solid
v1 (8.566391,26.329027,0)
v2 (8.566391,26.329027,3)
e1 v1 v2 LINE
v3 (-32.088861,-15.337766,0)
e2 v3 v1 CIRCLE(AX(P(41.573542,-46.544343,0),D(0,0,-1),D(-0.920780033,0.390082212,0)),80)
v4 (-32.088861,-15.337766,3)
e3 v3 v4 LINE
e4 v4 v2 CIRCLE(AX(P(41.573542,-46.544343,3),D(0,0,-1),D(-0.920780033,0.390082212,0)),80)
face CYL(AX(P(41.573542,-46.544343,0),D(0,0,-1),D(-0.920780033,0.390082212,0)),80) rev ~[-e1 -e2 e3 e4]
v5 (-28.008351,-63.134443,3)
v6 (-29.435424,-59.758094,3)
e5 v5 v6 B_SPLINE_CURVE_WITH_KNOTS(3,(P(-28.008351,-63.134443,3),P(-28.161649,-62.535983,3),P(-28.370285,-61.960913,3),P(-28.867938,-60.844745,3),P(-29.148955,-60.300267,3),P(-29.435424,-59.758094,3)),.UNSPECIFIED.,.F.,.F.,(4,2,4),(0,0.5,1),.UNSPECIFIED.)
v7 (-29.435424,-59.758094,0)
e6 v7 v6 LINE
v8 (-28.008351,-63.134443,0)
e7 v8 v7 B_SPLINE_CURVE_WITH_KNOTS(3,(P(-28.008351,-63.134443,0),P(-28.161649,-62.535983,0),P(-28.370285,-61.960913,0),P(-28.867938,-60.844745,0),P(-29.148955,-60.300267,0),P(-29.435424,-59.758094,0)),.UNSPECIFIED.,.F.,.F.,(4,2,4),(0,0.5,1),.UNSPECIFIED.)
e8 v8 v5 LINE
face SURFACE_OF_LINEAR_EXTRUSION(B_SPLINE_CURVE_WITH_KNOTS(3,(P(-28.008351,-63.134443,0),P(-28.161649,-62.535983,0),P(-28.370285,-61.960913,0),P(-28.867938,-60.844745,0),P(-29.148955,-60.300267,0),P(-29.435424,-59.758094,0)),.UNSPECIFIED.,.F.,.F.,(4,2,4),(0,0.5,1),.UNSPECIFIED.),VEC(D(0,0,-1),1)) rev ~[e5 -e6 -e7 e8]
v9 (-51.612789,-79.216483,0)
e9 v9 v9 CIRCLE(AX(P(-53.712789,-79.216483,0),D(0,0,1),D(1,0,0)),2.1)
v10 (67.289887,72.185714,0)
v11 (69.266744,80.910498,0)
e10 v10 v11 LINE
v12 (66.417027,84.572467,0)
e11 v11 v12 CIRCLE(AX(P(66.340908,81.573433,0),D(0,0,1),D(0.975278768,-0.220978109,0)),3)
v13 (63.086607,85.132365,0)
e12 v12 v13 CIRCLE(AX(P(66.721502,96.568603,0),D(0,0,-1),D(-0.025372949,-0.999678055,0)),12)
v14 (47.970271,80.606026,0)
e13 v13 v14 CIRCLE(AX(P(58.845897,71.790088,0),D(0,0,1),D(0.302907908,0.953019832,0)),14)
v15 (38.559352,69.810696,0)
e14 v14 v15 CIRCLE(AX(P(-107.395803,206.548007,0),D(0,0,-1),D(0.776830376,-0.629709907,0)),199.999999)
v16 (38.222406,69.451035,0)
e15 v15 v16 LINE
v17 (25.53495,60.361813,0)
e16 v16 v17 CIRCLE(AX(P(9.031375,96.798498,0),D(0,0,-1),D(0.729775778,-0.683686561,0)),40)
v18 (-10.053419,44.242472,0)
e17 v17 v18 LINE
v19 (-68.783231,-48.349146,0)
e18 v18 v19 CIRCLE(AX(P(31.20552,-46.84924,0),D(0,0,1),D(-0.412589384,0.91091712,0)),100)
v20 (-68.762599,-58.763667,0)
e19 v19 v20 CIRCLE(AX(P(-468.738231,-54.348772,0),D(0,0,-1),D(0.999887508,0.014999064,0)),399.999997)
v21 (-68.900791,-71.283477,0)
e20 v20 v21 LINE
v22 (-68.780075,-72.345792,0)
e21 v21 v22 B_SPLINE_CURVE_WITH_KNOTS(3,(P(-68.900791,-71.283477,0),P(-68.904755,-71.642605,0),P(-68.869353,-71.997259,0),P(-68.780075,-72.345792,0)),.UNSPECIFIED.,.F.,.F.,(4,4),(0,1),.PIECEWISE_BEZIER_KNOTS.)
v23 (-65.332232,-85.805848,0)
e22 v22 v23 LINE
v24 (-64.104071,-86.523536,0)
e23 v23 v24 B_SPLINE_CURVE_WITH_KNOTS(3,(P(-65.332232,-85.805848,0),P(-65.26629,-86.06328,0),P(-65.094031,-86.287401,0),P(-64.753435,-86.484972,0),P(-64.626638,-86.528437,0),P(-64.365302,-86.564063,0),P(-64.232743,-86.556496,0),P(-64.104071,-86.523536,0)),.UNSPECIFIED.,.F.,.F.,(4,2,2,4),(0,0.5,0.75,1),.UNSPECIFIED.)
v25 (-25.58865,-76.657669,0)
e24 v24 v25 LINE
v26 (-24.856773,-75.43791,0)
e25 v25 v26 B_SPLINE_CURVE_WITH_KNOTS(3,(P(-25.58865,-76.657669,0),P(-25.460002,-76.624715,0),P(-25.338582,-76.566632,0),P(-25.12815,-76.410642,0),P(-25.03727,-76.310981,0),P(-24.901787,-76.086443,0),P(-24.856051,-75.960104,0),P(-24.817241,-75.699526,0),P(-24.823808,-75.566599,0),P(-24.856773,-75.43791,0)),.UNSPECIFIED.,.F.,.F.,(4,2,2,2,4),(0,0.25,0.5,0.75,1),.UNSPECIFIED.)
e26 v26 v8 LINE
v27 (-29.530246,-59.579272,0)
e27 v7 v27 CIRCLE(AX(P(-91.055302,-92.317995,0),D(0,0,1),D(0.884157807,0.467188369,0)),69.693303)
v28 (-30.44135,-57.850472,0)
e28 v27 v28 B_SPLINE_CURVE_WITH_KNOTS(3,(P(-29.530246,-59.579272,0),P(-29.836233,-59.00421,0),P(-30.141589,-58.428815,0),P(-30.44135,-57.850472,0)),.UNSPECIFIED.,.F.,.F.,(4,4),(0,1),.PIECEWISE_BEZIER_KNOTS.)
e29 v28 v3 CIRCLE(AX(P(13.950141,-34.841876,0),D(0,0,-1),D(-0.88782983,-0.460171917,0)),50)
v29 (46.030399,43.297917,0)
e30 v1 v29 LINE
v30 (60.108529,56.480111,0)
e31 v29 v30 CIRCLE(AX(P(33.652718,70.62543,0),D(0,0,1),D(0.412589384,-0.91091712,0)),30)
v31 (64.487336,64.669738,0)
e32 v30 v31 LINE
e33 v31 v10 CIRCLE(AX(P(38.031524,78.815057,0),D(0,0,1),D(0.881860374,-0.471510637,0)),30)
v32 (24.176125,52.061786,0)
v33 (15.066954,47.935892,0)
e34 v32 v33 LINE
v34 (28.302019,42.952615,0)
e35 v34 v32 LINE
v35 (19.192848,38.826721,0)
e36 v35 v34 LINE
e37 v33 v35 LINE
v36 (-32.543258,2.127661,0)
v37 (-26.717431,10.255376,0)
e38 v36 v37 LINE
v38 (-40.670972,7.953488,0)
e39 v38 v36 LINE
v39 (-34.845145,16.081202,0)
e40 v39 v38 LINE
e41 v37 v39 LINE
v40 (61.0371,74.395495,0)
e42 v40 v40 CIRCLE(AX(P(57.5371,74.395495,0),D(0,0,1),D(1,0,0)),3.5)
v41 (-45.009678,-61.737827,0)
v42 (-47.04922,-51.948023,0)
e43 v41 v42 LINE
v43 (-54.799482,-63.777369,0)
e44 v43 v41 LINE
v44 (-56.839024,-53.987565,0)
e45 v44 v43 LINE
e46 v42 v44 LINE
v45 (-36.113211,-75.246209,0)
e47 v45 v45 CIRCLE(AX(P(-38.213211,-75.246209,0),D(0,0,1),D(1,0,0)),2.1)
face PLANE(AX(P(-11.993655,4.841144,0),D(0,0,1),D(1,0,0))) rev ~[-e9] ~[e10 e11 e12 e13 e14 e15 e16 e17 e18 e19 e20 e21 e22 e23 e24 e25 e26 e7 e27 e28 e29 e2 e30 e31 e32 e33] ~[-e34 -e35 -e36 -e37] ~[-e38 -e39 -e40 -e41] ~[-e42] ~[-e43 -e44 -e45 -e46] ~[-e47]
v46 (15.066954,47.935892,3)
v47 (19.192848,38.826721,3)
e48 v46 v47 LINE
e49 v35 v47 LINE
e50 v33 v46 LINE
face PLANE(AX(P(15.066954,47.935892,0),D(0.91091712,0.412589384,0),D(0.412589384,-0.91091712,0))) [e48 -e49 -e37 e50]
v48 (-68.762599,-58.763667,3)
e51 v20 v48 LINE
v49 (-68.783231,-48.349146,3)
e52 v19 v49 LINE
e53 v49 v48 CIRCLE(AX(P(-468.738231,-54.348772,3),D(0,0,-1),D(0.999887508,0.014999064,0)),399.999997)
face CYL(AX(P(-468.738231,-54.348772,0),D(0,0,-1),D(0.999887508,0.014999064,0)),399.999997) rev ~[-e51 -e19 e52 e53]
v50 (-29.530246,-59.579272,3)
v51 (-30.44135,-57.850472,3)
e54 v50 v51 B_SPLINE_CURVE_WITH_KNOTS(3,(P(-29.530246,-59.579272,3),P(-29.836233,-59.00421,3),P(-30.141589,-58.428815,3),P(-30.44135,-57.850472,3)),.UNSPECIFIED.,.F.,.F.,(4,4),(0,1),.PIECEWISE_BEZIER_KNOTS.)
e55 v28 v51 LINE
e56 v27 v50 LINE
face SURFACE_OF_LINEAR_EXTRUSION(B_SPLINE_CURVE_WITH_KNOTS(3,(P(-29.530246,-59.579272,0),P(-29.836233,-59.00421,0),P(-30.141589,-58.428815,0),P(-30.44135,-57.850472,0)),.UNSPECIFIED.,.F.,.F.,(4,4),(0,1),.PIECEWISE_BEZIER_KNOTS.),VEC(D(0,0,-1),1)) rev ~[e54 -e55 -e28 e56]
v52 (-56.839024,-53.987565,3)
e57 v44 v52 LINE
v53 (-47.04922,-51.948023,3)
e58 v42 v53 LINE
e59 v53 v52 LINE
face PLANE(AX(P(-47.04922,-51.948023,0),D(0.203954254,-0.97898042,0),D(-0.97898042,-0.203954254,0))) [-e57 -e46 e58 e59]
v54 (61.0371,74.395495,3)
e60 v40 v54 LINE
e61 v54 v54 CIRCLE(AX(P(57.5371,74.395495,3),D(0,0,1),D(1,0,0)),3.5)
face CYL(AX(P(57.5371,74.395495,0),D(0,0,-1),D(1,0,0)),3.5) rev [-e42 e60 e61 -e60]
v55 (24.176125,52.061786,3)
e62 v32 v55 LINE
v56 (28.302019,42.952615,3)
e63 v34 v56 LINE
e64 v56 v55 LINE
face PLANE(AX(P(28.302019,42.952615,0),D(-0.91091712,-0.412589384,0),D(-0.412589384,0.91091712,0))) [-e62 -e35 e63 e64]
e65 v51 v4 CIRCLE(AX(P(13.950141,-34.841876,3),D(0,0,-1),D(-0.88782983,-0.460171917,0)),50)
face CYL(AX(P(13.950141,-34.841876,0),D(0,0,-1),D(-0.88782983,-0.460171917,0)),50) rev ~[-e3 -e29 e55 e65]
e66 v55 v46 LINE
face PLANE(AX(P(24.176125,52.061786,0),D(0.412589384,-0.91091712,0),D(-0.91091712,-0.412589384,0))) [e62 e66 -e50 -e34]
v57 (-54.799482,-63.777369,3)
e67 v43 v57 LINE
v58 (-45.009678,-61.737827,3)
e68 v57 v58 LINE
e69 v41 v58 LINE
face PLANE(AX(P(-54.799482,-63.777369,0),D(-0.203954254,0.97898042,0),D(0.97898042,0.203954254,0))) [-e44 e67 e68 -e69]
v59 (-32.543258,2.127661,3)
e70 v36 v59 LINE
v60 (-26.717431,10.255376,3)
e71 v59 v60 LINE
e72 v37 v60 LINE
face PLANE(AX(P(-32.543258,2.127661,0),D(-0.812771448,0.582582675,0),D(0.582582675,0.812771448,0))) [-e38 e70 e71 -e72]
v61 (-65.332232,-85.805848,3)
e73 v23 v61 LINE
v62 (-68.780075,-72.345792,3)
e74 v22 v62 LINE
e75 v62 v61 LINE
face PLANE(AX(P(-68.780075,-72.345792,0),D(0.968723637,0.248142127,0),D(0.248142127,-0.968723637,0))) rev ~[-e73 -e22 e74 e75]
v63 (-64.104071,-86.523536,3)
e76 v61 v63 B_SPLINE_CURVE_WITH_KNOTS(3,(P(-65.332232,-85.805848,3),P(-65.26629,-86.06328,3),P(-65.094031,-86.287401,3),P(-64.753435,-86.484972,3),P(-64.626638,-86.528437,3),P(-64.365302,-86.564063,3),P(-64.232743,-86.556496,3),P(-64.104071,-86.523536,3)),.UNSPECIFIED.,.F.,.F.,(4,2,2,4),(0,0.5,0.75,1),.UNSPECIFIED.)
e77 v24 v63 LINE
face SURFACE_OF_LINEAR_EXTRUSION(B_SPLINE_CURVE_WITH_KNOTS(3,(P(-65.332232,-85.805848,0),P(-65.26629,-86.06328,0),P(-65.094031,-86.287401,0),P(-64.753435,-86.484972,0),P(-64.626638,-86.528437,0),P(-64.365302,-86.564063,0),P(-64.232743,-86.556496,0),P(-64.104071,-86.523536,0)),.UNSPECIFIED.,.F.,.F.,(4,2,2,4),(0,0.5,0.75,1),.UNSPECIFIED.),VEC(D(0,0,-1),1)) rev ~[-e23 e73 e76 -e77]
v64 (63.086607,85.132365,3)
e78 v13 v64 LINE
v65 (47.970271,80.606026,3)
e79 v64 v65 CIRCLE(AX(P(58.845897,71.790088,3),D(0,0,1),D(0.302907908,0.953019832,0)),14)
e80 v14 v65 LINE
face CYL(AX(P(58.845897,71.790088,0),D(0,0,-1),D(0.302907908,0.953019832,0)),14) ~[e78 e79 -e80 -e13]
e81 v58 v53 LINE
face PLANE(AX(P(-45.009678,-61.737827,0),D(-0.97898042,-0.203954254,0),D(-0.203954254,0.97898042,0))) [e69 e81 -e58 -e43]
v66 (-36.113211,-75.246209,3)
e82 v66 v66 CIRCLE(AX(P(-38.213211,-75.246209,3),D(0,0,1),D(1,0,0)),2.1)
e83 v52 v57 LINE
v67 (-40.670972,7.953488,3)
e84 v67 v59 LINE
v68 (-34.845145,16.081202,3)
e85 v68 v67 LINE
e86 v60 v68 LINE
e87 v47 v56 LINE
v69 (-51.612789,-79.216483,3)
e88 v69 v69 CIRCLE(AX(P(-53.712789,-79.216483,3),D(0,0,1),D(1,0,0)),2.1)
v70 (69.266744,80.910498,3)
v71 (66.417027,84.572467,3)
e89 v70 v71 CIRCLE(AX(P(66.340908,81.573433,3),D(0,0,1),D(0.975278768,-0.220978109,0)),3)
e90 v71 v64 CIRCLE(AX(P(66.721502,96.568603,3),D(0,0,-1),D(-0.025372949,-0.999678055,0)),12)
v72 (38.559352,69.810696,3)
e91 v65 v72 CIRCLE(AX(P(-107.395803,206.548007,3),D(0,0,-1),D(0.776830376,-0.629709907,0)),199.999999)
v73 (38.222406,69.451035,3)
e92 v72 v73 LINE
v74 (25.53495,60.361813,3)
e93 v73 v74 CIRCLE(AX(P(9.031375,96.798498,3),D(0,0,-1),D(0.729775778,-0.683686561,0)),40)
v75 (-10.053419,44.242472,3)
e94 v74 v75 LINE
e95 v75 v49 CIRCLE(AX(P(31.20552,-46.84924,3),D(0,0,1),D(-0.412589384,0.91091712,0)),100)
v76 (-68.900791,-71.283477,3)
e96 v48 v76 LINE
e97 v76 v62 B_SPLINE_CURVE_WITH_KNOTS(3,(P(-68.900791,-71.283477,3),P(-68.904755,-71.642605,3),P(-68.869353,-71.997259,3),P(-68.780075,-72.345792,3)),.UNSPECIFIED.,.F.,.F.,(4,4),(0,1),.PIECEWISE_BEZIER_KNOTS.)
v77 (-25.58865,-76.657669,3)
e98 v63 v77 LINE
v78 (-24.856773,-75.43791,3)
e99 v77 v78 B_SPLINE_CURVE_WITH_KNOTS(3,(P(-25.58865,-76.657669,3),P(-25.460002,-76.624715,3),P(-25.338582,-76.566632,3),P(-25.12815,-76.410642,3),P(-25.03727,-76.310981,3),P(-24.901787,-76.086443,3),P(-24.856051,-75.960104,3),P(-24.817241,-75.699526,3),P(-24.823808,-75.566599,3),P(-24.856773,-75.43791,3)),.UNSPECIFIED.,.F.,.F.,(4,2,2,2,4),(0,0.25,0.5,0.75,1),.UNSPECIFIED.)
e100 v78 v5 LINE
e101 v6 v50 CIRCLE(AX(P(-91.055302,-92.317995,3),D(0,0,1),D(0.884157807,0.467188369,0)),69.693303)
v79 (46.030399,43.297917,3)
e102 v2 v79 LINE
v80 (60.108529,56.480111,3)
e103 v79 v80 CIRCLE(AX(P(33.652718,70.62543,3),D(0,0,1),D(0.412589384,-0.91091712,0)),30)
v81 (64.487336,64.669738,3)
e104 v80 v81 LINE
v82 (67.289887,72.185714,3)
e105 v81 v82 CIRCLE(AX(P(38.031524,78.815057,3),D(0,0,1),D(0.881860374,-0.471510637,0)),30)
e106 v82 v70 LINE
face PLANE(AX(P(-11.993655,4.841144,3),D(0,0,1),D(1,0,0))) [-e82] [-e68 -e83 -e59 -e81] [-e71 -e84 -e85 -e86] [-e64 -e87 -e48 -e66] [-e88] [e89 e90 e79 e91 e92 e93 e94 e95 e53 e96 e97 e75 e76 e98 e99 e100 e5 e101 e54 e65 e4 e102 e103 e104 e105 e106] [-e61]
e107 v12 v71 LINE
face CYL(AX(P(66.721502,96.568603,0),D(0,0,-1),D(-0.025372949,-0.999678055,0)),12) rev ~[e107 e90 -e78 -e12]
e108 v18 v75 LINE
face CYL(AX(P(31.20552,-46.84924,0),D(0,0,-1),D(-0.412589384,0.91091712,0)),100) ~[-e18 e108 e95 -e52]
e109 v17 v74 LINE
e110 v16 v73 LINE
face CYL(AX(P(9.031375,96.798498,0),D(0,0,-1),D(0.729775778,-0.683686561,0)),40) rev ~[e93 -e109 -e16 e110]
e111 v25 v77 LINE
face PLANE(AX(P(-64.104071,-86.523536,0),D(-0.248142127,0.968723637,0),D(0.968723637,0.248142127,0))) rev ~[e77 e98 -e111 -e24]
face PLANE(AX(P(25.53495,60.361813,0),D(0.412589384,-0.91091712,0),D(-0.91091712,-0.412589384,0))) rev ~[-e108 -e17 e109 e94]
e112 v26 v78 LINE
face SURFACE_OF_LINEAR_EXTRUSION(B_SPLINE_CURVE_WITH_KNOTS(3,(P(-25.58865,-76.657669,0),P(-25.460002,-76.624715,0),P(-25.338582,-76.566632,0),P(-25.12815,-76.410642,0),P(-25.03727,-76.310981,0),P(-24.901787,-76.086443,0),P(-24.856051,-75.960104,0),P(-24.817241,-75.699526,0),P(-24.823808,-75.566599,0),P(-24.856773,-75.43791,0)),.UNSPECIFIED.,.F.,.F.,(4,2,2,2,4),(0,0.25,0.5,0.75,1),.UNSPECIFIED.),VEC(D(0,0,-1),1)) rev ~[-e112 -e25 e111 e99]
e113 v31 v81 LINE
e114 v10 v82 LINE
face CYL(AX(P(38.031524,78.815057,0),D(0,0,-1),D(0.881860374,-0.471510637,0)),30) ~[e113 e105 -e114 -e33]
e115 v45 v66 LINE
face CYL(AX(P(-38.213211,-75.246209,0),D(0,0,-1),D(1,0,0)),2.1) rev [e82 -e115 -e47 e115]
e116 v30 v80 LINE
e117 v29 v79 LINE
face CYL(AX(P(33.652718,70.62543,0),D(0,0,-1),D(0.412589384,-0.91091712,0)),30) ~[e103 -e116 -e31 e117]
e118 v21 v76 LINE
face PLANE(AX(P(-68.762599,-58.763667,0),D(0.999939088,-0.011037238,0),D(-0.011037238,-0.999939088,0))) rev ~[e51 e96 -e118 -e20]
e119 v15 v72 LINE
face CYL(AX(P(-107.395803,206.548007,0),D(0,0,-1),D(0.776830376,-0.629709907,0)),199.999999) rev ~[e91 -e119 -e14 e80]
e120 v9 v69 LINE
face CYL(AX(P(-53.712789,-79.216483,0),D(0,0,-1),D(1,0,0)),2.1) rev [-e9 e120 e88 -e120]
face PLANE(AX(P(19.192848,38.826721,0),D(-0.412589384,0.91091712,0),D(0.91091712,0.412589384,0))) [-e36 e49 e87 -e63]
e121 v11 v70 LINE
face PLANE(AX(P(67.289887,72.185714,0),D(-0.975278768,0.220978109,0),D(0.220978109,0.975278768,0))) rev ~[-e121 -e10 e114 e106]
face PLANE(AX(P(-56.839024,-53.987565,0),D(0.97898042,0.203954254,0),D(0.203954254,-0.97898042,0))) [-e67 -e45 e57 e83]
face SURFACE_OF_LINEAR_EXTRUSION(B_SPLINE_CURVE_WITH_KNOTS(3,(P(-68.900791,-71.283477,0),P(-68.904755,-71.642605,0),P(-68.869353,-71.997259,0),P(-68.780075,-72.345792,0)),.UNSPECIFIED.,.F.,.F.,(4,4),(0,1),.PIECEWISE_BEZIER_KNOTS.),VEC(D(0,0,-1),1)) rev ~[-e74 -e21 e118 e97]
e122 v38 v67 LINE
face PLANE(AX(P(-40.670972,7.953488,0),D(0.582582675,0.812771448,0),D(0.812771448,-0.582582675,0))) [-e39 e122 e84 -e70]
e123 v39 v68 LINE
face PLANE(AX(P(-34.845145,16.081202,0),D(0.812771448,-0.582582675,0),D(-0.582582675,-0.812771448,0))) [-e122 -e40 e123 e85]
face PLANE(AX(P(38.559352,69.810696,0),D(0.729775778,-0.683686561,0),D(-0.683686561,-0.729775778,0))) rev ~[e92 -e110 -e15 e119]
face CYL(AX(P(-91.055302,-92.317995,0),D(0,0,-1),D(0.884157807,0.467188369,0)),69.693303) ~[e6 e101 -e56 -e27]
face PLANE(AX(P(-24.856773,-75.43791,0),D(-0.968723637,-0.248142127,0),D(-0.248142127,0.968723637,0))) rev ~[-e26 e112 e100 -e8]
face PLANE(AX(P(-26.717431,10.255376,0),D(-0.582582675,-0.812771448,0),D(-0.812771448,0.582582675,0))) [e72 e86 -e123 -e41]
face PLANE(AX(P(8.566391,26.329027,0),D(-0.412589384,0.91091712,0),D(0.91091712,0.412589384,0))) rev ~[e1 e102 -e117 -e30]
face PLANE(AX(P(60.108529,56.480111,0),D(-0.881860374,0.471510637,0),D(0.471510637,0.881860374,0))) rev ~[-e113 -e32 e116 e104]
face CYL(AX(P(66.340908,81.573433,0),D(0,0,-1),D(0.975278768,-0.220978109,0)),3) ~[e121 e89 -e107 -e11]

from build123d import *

# Parameters (mm, degrees)
SKETCH_1_R      = 2.1
SKETCH_1_R_2    = 3.5
EXTRUDE_2_DEPTH = 3


with BuildPart() as part:
    # 草图1 → 凸台-拉伸2 (new body)
    with BuildSketch(Plane.XY):
        with BuildLine():
            Line((60.108529062, 56.480111122), (64.487335669, 64.669737676))
            ThreePointArc((64.487335669, 64.669737676), (66.140949497, 68.333634007), (67.289887488, 72.185713512))
            Line((67.289887488, 72.185713512), (69.266744251, 80.910498231))
            ThreePointArc((69.266744251, 80.910498231), (68.708488356, 83.415866549), (66.417026795, 84.572466723))
            ThreePointArc((66.417026795, 84.572466723), (64.732022053, 84.734670443), (63.08660729, 85.132365403))
            ThreePointArc((63.08660729, 85.132365403), (54.829995833, 85.201744676), (47.970271321, 80.606026467))
            ThreePointArc((47.970271321, 80.606026467), (43.361470665, 75.124097666), (38.559351744, 69.810695675))
            Line((38.559351744, 69.810695675), (38.222405654, 69.45103511))
            ThreePointArc((38.222405654, 69.45103511), (32.32628292, 64.281621274), (25.53494992, 60.361812759))
            Line((25.53494992, 60.361812759), (-10.053418577, 44.242472458))
            ThreePointArc((-10.053418577, 44.242472458), (-53.239902616, 6.713533173), (-68.783230916, -48.349145956))
            ThreePointArc((-68.783230916, -48.349145956), (-68.739018938, -53.556339201), (-68.762598868, -58.763666747))
            Line((-68.762598868, -58.763666747), (-68.900791413, -71.283477095))
            add(Edge.make_bspline(
                [(-68.900791413, -71.283477095), (-68.904755434, -71.642604913), (-68.869353076, -71.99725933), (-68.78007525, -72.345791606)],
                knots=[0, 0, 0, 0, 1, 1, 1, 1], degree=3))
            Line((-68.78007525, -72.345791606), (-65.332232289, -85.805847824))
            add(Edge.make_bspline(
                [(-65.332232289, -85.805847824), (-65.266290033, -86.063280218), (-65.094030982, -86.28740051), (-64.753434981, -86.484972432), (-64.626638003, -86.528436786), (-64.365301889, -86.564062669), (-64.232742572, -86.556495641), (-64.104070986, -86.52353594)],
                knots=[0, 0, 0, 0, 0.5, 0.5, 0.75, 0.75, 1, 1, 1, 1], degree=3))
            Line((-64.104070986, -86.52353594), (-25.588649762, -76.657668977))
            add(Edge.make_bspline(
                [(-25.588649762, -76.657668977), (-25.460001904, -76.624715354), (-25.338581913, -76.566631903), (-25.128149885, -76.410642035), (-25.037269873, -76.310980591), (-24.901787172, -76.086443416), (-24.85605053, -75.960103889), (-24.81724118, -75.699526051), (-24.823808393, -75.566599434), (-24.856772712, -75.437909819)],
                knots=[0, 0, 0, 0, 0.25, 0.25, 0.5, 0.5, 0.75, 0.75, 1, 1, 1, 1], degree=3))
            Line((-24.856772712, -75.437909819), (-28.008350918, -63.134443476))
            add(Edge.make_bspline(
                [(-28.008350918, -63.134443476), (-28.161648764, -62.535983036), (-28.3702854, -61.960912506), (-28.867938385, -60.844745341), (-29.148955026, -60.300267489), (-29.435424134, -59.758094219)],
                knots=[0, 0, 0, 0, 0.5, 0.5, 1, 1, 1, 1], degree=3))
            ThreePointArc((-29.435424134, -59.758094219), (-29.482770246, -59.668648597), (-29.530246194, -59.579271823))
            add(Edge.make_bspline(
                [(-29.530246194, -59.579271823), (-29.836233344, -59.00420985), (-30.141588994, -58.428815067), (-30.441350493, -57.850472079)],
                knots=[0, 0, 0, 0, 1, 1, 1, 1], degree=3))
            ThreePointArc((-30.441350493, -57.850472079), (-36.012355657, -36.778090759), (-32.088860612, -15.337765675))
            ThreePointArc((-32.088860612, -15.337765675), (-15.685769973, 9.324890383), (8.566391241, 26.329027021))
            Line((8.566391241, 26.329027021), (46.030399371, 43.297916621))
            ThreePointArc((46.030399371, 43.297916621), (54.157658777, 48.726859562), (60.108529062, 56.480111122))
        make_face()
        with Locations((-53.71278904, -79.216483104)):
            Circle(SKETCH_1_R, mode=Mode.SUBTRACT)
        with Locations((-38.213210847, -75.246209079)):
            Circle(SKETCH_1_R, mode=Mode.SUBTRACT)
        with Locations((57.537099808, 74.395494602)):
            Circle(SKETCH_1_R_2, mode=Mode.SUBTRACT)
        Polygon((-56.839024332, -53.987565244), (-54.799481791, -63.777369442), (-45.009677593, -61.737826901), (-47.049220135, -51.948022703), align=None, mode=Mode.SUBTRACT)
        Polygon((-40.670972246, 7.953488017), (-32.543257763, 2.12766127), (-26.717431016, 10.255375753), (-34.845145499, 16.0812025), align=None, mode=Mode.SUBTRACT)
        Polygon((15.066954043, 47.935891978), (19.192847886, 38.826720775), (28.302019088, 42.952614619), (24.176125245, 52.061785821), align=None, mode=Mode.SUBTRACT)
    extrude(amount=EXTRUDE_2_DEPTH)


solid = part.part
